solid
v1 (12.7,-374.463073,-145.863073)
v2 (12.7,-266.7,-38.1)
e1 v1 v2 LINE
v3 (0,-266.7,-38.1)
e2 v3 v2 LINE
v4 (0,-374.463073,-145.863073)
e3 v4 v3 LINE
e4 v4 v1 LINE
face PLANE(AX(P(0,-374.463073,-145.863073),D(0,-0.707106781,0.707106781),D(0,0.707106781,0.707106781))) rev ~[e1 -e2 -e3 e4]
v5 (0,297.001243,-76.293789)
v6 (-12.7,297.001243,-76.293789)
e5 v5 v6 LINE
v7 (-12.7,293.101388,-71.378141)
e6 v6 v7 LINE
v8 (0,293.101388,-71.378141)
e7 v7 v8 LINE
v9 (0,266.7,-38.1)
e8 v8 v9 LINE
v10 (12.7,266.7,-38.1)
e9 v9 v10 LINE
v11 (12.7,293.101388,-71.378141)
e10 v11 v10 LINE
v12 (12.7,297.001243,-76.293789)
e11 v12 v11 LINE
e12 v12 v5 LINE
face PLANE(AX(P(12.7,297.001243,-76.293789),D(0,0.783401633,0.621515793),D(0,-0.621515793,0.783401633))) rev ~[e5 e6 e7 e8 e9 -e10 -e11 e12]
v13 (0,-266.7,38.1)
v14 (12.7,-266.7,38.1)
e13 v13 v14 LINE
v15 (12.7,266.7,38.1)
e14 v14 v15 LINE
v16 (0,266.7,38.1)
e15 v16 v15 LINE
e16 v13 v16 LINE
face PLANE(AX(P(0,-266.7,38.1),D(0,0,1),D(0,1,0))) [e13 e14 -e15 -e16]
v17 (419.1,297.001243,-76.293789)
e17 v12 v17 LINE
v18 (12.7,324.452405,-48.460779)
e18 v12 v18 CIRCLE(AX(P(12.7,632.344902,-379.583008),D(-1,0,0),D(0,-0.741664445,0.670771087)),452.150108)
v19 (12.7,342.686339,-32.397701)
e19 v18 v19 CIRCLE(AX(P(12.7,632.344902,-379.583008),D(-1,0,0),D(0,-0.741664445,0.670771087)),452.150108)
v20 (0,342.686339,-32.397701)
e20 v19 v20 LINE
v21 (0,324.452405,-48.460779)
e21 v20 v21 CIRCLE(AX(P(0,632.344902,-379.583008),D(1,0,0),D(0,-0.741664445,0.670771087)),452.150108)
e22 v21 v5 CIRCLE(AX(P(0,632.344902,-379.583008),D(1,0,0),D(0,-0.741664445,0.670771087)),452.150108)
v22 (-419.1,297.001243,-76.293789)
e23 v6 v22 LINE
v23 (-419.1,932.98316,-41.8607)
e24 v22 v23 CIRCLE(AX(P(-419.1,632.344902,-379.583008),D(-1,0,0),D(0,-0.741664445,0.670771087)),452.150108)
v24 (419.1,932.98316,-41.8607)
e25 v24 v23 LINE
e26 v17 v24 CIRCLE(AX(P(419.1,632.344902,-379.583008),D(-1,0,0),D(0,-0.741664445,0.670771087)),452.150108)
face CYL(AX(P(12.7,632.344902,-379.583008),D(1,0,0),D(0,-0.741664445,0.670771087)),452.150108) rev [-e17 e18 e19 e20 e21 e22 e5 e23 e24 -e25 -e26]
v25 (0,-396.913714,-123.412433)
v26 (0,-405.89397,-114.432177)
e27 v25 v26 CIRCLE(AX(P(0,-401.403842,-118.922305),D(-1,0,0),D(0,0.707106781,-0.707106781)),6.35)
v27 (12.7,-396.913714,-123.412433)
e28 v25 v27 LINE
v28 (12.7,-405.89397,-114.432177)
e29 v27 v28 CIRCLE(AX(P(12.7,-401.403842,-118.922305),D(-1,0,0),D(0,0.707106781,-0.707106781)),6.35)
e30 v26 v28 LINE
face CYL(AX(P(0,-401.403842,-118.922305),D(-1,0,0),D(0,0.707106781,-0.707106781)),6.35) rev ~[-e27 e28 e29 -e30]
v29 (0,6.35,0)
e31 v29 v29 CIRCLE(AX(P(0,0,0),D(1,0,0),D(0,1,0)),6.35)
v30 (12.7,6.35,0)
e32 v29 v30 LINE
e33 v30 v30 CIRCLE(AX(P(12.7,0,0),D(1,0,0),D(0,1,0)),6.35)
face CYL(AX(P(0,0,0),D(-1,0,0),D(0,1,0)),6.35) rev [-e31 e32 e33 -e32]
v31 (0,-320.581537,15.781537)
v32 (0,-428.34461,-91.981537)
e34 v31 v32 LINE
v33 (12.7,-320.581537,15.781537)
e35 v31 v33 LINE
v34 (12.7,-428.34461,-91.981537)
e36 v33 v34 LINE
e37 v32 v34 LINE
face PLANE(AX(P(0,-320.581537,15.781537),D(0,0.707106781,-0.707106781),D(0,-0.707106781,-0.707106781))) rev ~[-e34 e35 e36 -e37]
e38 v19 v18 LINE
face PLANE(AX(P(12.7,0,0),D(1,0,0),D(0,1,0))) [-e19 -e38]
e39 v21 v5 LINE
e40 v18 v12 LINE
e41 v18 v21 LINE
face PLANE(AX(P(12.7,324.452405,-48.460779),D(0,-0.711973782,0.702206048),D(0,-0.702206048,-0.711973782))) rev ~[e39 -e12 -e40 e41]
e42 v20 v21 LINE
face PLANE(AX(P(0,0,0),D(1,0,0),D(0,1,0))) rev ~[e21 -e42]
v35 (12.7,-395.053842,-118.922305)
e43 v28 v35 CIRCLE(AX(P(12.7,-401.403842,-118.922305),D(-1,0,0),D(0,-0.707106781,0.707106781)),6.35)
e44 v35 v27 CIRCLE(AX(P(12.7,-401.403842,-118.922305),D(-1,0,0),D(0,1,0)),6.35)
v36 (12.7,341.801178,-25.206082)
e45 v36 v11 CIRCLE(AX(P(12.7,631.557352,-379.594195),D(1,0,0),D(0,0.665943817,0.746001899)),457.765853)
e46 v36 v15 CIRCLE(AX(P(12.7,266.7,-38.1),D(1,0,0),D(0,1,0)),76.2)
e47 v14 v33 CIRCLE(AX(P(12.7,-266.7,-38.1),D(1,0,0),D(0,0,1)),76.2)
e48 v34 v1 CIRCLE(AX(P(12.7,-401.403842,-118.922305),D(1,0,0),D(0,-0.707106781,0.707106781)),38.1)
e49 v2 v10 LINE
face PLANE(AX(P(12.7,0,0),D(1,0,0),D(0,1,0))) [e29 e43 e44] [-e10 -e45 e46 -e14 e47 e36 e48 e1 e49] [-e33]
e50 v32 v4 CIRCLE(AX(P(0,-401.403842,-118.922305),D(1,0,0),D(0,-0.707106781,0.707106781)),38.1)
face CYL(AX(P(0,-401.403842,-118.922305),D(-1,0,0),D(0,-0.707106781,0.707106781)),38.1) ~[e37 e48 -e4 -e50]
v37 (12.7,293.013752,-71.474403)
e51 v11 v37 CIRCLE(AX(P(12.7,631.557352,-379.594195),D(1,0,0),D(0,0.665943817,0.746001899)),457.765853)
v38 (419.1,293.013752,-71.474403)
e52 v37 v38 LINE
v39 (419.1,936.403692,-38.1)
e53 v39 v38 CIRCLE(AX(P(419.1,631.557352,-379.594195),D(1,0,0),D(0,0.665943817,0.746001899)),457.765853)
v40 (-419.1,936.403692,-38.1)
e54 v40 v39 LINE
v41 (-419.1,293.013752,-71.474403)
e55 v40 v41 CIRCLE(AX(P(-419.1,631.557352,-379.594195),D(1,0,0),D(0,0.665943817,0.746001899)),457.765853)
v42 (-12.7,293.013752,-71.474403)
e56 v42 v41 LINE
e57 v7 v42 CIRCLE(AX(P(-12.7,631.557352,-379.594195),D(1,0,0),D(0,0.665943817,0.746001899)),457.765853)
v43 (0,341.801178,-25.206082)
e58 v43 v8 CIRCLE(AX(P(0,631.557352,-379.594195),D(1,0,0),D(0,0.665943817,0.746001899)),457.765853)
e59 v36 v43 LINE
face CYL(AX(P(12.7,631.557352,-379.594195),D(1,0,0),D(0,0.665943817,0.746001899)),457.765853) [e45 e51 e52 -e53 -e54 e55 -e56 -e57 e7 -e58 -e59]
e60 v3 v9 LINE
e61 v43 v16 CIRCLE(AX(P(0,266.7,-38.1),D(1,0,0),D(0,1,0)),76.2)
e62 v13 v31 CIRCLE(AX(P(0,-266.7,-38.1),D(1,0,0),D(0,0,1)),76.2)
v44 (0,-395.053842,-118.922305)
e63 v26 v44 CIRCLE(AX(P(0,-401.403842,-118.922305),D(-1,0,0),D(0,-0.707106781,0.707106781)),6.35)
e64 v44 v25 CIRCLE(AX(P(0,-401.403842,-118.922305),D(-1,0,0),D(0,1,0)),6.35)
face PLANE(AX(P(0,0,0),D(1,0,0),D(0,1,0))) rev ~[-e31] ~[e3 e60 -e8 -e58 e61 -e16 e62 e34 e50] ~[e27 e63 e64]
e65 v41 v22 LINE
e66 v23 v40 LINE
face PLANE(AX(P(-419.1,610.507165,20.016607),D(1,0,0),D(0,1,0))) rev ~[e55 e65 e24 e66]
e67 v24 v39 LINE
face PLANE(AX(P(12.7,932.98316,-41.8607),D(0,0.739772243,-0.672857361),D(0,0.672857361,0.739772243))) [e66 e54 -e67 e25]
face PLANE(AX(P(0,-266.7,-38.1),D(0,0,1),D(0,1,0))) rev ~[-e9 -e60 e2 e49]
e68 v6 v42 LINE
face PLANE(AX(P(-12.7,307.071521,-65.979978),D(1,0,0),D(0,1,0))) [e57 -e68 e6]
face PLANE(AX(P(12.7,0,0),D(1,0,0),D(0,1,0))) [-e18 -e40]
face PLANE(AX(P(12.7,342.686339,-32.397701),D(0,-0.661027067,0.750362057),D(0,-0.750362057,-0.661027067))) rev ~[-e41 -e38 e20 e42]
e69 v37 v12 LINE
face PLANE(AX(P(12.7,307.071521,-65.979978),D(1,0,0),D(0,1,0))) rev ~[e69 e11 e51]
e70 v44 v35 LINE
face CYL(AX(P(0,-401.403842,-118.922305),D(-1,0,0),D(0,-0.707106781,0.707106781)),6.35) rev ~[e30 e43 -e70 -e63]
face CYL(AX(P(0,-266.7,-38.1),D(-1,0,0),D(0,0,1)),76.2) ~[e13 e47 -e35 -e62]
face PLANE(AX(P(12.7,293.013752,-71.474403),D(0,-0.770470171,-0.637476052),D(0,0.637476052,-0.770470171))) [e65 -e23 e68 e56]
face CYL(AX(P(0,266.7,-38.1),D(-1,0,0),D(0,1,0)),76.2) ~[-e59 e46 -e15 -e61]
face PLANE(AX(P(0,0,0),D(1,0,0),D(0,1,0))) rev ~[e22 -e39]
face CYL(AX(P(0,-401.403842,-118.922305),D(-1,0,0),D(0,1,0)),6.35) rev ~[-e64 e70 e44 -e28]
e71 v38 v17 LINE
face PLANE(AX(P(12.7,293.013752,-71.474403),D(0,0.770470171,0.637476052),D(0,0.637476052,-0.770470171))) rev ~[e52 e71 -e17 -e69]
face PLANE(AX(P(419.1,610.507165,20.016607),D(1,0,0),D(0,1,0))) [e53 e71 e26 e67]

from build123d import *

# Parameters (mm, degrees)
F0_W          = 533.4
F0_H          = 76.2
F0_R          = 6.35
F0_W_2        = 76.2
F0_H_2        = 50.8
F1_DEPTH      = 12.7
F3_DEPTH      = 406.4
F3_DEPTH_BACK = 431.8
F5_DEPTH      = 25.4


with BuildPart() as f1:
    # F0 (on Right) → F1 (new body)
    with BuildSketch(Plane.YZ):
        Rectangle(F0_W, F0_H)
        Circle(F0_R, mode=Mode.SUBTRACT)
        with BuildLine():
            Line((-266.7, -38.1), (-266.7, 38.1))
            ThreePointArc((-266.7, 38.1), (-295.8604775462, 32.2996203774), (-320.5815367264, 15.7815367264))
            Line((-320.5815367264, 15.7815367264), (-266.7, -38.1))
        make_face()
        with BuildLine():
            ThreePointArc((342.9, -38.1), (320.5815367264, 15.7815367264), (266.7, 38.1))
            Line((266.7, 38.1), (266.7, -38.1))
            Line((266.7, -38.1), (342.9, -38.1))
        make_face()
        with BuildLine():
            Line((-374.4630734528, -145.8630734528), (-266.7, -38.1))
            Line((-266.7, -38.1), (-320.5815367264, 15.7815367264))
            Line((-320.5815367264, 15.7815367264), (-428.3446101792, -91.9815367264))
            Line((-428.3446101792, -91.9815367264), (-405.8939698766, -114.4321770291))
            ThreePointArc((-405.8939698766, -114.4321770291), (-398.9738020205, -113.0556700582), (-395.053841816, -118.9223050896))
            ThreePointArc((-395.053841816, -118.9223050896), (-395.5372067846, -121.3523448851), (-396.9137137555, -123.4124331502))
            Line((-396.9137137555, -123.4124331502), (-374.4630734528, -145.8630734528))
        make_face()
        with Locations((304.8, -63.5)):
            Rectangle(F0_W_2, F0_H_2)
        with BuildLine():
            ThreePointArc((-428.3446101792, -91.9815367264), (-428.3446101792, -145.8630734528), (-374.4630734528, -145.8630734528))
            Line((-374.4630734528, -145.8630734528), (-396.9137137555, -123.4124331502))
            ThreePointArc((-396.9137137555, -123.4124331502), (-405.8939698766, -123.4124331502), (-405.8939698766, -114.4321770291))
            Line((-405.8939698766, -114.4321770291), (-428.3446101792, -91.9815367264))
        make_face()
    extrude(amount=F1_DEPTH)

    # F2 (on face) → F3 (join, two sides)
    with BuildSketch(Plane.YZ.offset(12.7)) as f3_sk:
        with BuildLine():
            Line((932.9831600189, -41.8606996536), (936.4036917686, -38.1))
            ThreePointArc((936.4036917686, -38.1), (607.84366322, 77.5570236238), (293.0137515068, -71.4744031429))
            Line((293.0137515068, -71.4744031429), (297.0012426376, -76.2937888503))
            ThreePointArc((297.0012426376, -76.2937888503), (607.900564523, 71.9058559585), (932.9831600189, -41.8606996536))
        make_face()
    extrude(amount=F3_DEPTH)
    extrude(f3_sk.sketch, amount=-F3_DEPTH_BACK)

    # F4 (on face) → F5 (cut)
    with BuildSketch(Plane.YZ.offset(12.7)):
        Polygon((266.7, -88.9), (342.9, -88.9), (347.1251726151, -88.7651666999), (347.1251726151, -30.6838881224), (342.6863394703, -32.397700998), (324.4524045918, -48.4607793352), (297.0012426376, -76.2937888503), (266.7, -38.1), align=None)
    extrude(amount=-F5_DEPTH, mode=Mode.SUBTRACT)


solid = f1.part
